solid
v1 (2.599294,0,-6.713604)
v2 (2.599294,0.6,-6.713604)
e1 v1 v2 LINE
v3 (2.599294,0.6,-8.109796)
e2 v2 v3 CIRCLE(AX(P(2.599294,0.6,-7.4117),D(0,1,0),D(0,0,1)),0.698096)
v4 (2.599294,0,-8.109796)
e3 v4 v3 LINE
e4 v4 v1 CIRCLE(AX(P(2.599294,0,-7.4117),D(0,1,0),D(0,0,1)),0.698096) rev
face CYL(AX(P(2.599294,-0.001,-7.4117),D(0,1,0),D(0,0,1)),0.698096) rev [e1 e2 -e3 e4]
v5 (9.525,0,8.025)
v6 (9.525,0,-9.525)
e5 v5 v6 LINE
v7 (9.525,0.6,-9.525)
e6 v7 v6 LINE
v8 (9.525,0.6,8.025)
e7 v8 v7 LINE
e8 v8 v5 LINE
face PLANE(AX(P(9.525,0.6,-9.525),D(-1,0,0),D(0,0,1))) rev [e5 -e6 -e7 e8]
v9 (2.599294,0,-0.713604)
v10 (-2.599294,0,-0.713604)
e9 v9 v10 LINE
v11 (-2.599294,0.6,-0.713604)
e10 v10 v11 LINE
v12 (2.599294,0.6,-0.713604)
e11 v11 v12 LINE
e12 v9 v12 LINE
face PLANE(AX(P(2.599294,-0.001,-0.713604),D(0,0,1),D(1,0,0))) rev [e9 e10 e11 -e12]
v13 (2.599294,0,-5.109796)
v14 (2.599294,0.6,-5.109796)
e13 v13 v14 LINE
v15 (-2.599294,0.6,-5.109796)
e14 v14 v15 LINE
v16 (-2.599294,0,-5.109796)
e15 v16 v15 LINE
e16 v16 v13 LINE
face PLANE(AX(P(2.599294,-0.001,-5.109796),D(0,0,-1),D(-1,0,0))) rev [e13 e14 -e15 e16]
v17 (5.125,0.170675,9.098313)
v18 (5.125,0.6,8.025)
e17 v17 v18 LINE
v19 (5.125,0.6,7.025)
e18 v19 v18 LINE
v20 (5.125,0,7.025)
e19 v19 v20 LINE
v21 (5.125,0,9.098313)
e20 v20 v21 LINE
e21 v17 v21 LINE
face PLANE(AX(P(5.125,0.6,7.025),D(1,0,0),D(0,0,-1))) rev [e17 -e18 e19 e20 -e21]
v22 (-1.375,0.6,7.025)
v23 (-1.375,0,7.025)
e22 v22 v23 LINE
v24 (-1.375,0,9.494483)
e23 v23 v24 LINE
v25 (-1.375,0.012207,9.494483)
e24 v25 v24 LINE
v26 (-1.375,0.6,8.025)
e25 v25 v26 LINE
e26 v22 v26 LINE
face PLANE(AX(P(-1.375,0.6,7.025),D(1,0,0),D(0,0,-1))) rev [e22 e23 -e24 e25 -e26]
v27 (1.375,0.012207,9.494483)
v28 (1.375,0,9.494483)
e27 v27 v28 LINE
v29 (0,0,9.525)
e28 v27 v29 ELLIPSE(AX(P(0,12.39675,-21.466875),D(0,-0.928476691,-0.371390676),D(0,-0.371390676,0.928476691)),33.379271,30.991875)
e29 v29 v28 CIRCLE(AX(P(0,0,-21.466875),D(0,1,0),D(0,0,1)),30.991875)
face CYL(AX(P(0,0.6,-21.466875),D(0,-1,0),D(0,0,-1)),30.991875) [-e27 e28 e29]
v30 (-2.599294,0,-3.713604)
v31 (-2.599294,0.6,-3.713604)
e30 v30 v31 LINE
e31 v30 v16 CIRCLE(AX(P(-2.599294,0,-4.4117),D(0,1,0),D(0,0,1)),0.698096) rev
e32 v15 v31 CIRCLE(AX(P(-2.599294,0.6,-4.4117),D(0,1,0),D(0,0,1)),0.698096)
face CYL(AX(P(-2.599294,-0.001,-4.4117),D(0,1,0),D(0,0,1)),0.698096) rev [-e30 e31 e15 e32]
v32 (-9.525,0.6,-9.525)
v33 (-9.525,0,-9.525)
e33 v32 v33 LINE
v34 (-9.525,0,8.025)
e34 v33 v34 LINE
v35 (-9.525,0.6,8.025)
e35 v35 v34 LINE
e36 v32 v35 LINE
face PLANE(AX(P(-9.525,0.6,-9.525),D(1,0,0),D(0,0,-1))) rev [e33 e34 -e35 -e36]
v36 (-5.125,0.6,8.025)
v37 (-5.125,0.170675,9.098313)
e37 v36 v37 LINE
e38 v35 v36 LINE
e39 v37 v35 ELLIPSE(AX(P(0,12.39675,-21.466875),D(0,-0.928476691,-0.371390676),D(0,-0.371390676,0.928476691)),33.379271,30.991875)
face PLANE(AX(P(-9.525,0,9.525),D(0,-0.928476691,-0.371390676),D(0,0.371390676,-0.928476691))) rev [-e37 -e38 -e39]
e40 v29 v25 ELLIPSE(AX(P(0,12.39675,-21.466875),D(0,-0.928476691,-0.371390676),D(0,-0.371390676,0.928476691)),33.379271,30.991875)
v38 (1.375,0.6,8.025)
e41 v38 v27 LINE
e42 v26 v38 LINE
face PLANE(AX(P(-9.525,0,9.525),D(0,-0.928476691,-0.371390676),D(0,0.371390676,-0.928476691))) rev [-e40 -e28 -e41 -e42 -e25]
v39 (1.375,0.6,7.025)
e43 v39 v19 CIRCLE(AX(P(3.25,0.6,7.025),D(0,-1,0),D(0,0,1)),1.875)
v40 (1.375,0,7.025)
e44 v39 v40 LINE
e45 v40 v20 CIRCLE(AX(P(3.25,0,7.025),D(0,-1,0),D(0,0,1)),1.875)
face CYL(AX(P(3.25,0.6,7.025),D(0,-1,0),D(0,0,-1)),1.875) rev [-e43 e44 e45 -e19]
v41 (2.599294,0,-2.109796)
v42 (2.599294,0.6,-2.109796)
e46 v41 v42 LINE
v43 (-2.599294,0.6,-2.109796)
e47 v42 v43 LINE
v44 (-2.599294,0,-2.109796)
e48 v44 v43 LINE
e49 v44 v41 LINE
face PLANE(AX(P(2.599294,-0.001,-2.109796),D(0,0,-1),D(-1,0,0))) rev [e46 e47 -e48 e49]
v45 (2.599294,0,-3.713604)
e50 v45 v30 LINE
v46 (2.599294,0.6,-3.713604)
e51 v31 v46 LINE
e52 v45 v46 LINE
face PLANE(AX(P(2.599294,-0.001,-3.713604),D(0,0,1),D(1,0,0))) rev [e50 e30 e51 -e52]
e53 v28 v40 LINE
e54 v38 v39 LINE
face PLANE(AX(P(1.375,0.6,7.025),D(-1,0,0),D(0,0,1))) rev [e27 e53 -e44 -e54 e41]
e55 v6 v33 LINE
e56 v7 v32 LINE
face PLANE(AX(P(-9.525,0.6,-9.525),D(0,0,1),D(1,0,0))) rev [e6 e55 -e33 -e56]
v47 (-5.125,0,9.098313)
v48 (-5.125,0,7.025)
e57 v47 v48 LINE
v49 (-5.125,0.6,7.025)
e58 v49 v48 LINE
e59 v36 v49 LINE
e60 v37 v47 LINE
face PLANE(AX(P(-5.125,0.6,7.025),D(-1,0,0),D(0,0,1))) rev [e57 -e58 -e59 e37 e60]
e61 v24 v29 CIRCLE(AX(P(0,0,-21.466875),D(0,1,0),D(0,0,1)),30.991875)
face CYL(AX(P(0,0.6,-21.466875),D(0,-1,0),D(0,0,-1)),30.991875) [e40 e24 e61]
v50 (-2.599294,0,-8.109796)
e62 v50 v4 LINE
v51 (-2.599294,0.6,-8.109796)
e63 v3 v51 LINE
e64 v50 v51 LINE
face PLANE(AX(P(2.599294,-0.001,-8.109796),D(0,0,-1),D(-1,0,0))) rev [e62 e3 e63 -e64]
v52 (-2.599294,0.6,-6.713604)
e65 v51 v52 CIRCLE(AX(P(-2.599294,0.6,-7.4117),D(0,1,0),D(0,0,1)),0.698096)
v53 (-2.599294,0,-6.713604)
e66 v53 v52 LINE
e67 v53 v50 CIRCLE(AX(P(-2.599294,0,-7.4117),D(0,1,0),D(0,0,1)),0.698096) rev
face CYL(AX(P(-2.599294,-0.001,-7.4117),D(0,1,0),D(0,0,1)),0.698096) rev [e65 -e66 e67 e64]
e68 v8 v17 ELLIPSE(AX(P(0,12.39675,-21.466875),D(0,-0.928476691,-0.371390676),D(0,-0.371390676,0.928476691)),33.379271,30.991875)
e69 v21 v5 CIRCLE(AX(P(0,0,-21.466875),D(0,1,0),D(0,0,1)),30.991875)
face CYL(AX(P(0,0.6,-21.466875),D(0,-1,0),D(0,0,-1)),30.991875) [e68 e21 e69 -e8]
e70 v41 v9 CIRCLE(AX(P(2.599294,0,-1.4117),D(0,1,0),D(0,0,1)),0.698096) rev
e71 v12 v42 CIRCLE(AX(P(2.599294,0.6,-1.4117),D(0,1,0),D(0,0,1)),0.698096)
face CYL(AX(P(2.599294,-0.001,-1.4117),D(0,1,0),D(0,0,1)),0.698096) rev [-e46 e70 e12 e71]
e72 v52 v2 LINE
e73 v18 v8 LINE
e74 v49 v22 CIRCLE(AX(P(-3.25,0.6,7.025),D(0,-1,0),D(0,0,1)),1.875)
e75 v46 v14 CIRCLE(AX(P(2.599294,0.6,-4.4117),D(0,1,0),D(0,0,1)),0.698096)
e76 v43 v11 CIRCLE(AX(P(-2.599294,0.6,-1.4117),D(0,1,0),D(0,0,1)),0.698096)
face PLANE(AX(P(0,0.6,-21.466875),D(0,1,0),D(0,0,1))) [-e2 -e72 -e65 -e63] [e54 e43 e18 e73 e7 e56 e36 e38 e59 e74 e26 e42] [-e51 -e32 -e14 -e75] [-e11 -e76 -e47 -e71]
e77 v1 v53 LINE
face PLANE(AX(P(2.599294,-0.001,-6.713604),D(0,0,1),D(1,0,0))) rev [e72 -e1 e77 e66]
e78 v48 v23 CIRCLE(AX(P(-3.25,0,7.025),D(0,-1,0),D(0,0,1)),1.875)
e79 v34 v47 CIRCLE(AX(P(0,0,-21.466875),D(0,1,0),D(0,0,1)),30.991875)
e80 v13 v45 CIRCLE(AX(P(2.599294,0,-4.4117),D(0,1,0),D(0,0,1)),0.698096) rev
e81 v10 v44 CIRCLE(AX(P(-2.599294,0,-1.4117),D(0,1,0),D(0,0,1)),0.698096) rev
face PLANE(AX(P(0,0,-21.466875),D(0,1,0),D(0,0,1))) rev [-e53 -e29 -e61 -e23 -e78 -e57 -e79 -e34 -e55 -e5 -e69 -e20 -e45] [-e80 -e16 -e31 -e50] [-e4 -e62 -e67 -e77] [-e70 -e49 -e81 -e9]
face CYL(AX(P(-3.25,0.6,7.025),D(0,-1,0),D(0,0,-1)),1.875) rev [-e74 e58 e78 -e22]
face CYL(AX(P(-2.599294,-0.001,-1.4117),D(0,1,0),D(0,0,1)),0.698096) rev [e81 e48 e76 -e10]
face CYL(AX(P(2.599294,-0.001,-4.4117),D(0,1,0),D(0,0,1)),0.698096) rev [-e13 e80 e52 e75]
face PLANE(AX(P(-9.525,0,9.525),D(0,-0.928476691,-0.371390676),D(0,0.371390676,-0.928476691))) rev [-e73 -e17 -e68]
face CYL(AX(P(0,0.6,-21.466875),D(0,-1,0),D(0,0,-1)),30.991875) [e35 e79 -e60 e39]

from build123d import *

# Parameters (mm, degrees)
BOSS_EXTRUDE1_DEPTH     = 0.6
CUT_EXTRUDE1_DEPTH      = 14.483740208
CUT_EXTRUDE1_DEPTH_BACK = 14.483740208
CUT_EXTRUDE2_REACH      = 15.484


with BuildPart() as part:
    # Sketch1 → Boss-Extrude1 (new body)
    with BuildSketch(Plane(origin=(0, 0, 0), x_dir=(1, 0, 0), z_dir=(0, 1, 0))):
        with BuildLine():
            Line((-5.125, -7.025), (-5.125, -9.098312567))
            ThreePointArc((-5.125, -9.098312567), (-7.344632392, -8.642138452), (-9.525, -8.025))
            Line((-9.525, -8.025), (-9.525, 9.525))
            Line((-9.525, 9.525), (9.525, 9.525))
            Line((9.525, 9.525), (9.525, -8.025))
            ThreePointArc((9.525, -8.025), (7.344632392, -8.642138452), (5.125, -9.098312567))
            Line((5.125, -9.098312567), (5.125, -7.025))
            ThreePointArc((5.125, -7.025), (3.25, -5.15), (1.375, -7.025))
            Line((1.375, -7.025), (1.375, -9.494483029))
            ThreePointArc((1.375, -9.494483029), (0, -9.525), (-1.375, -9.494483029))
            Line((-1.375, -9.494483029), (-1.375, -7.025))
            ThreePointArc((-1.375, -7.025), (-3.25, -5.15), (-5.125, -7.025))
        make_face()
    extrude(amount=BOSS_EXTRUDE1_DEPTH)

    # Sketch2 → Cut-Extrude1 (cut, two sides: drawn at the far end of the back side and taken through both)
    with BuildSketch(Plane(origin=(0, 0, 0), x_dir=(0, 0, -1), z_dir=(1, 0, 0)).offset(-CUT_EXTRUDE1_DEPTH_BACK)):
        Polygon((-9.525, 0), (-8.025, 0.6), (-9.525, 0.6), align=None)
    extrude(amount=CUT_EXTRUDE1_DEPTH + CUT_EXTRUDE1_DEPTH_BACK, mode=Mode.SUBTRACT)

    # Sketch3 → Cut-Extrude2 (cut, up to next)
    with BuildSketch(Plane(origin=(0, 0.6, 0), x_dir=(1, 0, 0), z_dir=(0, 1, 0)), mode=Mode.PRIVATE) as cut_extrude2_sk1:
        with BuildLine():
            Line((2.5992936, 6.713604042), (-2.5992936, 6.713604042))
            ThreePointArc((-2.5992936, 6.713604042), (-3.297389596, 7.411700037), (-2.5992936, 8.109796033))
            Line((-2.5992936, 8.109796033), (2.5992936, 8.109796033))
            ThreePointArc((2.5992936, 8.109796033), (3.297389596, 7.411700037), (2.5992936, 6.713604042))
        make_face()
    cut_extrude2_tool1 = extrude(cut_extrude2_sk1.sketch, amount=-CUT_EXTRUDE2_REACH, mode=Mode.PRIVATE) & part.part
    # Sketch3 → Cut-Extrude2 (cut, up to next)
    with BuildSketch(Plane(origin=(0, 0.6, 0), x_dir=(1, 0, 0), z_dir=(0, 1, 0)), mode=Mode.PRIVATE) as cut_extrude2_sk2:
        with BuildLine():
            Line((2.5992936, 3.713604042), (-2.5992936, 3.713604042))
            ThreePointArc((-2.5992936, 3.713604042), (-3.297389596, 4.411700037), (-2.5992936, 5.109796033))
            Line((-2.5992936, 5.109796033), (2.5992936, 5.109796033))
            ThreePointArc((2.5992936, 5.109796033), (3.297389596, 4.411700037), (2.5992936, 3.713604042))
        make_face()
    cut_extrude2_tool2 = extrude(cut_extrude2_sk2.sketch, amount=-CUT_EXTRUDE2_REACH, mode=Mode.PRIVATE) & part.part
    # Sketch3 → Cut-Extrude2 (cut, up to next)
    with BuildSketch(Plane(origin=(0, 0.6, 0), x_dir=(1, 0, 0), z_dir=(0, 1, 0)), mode=Mode.PRIVATE) as cut_extrude2_sk3:
        with BuildLine():
            Line((2.5992936, 0.713604042), (-2.5992936, 0.713604042))
            ThreePointArc((-2.5992936, 0.713604042), (-3.297389596, 1.411700037), (-2.5992936, 2.109796033))
            Line((-2.5992936, 2.109796033), (2.5992936, 2.109796033))
            ThreePointArc((2.5992936, 2.109796033), (3.297389596, 1.411700037), (2.5992936, 0.713604042))
        make_face()
    cut_extrude2_tool3 = extrude(cut_extrude2_sk3.sketch, amount=-CUT_EXTRUDE2_REACH, mode=Mode.PRIVATE) & part.part
    add(cut_extrude2_tool1.solids().sort_by_distance((0, 0.6, -7.4117))[0], mode=Mode.SUBTRACT)
    add(cut_extrude2_tool2.solids().sort_by_distance((0, 0.6, -4.4117))[0], mode=Mode.SUBTRACT)
    add(cut_extrude2_tool3.solids().sort_by_distance((0, 0.6, -1.4117))[0], mode=Mode.SUBTRACT)


solid = part.part
